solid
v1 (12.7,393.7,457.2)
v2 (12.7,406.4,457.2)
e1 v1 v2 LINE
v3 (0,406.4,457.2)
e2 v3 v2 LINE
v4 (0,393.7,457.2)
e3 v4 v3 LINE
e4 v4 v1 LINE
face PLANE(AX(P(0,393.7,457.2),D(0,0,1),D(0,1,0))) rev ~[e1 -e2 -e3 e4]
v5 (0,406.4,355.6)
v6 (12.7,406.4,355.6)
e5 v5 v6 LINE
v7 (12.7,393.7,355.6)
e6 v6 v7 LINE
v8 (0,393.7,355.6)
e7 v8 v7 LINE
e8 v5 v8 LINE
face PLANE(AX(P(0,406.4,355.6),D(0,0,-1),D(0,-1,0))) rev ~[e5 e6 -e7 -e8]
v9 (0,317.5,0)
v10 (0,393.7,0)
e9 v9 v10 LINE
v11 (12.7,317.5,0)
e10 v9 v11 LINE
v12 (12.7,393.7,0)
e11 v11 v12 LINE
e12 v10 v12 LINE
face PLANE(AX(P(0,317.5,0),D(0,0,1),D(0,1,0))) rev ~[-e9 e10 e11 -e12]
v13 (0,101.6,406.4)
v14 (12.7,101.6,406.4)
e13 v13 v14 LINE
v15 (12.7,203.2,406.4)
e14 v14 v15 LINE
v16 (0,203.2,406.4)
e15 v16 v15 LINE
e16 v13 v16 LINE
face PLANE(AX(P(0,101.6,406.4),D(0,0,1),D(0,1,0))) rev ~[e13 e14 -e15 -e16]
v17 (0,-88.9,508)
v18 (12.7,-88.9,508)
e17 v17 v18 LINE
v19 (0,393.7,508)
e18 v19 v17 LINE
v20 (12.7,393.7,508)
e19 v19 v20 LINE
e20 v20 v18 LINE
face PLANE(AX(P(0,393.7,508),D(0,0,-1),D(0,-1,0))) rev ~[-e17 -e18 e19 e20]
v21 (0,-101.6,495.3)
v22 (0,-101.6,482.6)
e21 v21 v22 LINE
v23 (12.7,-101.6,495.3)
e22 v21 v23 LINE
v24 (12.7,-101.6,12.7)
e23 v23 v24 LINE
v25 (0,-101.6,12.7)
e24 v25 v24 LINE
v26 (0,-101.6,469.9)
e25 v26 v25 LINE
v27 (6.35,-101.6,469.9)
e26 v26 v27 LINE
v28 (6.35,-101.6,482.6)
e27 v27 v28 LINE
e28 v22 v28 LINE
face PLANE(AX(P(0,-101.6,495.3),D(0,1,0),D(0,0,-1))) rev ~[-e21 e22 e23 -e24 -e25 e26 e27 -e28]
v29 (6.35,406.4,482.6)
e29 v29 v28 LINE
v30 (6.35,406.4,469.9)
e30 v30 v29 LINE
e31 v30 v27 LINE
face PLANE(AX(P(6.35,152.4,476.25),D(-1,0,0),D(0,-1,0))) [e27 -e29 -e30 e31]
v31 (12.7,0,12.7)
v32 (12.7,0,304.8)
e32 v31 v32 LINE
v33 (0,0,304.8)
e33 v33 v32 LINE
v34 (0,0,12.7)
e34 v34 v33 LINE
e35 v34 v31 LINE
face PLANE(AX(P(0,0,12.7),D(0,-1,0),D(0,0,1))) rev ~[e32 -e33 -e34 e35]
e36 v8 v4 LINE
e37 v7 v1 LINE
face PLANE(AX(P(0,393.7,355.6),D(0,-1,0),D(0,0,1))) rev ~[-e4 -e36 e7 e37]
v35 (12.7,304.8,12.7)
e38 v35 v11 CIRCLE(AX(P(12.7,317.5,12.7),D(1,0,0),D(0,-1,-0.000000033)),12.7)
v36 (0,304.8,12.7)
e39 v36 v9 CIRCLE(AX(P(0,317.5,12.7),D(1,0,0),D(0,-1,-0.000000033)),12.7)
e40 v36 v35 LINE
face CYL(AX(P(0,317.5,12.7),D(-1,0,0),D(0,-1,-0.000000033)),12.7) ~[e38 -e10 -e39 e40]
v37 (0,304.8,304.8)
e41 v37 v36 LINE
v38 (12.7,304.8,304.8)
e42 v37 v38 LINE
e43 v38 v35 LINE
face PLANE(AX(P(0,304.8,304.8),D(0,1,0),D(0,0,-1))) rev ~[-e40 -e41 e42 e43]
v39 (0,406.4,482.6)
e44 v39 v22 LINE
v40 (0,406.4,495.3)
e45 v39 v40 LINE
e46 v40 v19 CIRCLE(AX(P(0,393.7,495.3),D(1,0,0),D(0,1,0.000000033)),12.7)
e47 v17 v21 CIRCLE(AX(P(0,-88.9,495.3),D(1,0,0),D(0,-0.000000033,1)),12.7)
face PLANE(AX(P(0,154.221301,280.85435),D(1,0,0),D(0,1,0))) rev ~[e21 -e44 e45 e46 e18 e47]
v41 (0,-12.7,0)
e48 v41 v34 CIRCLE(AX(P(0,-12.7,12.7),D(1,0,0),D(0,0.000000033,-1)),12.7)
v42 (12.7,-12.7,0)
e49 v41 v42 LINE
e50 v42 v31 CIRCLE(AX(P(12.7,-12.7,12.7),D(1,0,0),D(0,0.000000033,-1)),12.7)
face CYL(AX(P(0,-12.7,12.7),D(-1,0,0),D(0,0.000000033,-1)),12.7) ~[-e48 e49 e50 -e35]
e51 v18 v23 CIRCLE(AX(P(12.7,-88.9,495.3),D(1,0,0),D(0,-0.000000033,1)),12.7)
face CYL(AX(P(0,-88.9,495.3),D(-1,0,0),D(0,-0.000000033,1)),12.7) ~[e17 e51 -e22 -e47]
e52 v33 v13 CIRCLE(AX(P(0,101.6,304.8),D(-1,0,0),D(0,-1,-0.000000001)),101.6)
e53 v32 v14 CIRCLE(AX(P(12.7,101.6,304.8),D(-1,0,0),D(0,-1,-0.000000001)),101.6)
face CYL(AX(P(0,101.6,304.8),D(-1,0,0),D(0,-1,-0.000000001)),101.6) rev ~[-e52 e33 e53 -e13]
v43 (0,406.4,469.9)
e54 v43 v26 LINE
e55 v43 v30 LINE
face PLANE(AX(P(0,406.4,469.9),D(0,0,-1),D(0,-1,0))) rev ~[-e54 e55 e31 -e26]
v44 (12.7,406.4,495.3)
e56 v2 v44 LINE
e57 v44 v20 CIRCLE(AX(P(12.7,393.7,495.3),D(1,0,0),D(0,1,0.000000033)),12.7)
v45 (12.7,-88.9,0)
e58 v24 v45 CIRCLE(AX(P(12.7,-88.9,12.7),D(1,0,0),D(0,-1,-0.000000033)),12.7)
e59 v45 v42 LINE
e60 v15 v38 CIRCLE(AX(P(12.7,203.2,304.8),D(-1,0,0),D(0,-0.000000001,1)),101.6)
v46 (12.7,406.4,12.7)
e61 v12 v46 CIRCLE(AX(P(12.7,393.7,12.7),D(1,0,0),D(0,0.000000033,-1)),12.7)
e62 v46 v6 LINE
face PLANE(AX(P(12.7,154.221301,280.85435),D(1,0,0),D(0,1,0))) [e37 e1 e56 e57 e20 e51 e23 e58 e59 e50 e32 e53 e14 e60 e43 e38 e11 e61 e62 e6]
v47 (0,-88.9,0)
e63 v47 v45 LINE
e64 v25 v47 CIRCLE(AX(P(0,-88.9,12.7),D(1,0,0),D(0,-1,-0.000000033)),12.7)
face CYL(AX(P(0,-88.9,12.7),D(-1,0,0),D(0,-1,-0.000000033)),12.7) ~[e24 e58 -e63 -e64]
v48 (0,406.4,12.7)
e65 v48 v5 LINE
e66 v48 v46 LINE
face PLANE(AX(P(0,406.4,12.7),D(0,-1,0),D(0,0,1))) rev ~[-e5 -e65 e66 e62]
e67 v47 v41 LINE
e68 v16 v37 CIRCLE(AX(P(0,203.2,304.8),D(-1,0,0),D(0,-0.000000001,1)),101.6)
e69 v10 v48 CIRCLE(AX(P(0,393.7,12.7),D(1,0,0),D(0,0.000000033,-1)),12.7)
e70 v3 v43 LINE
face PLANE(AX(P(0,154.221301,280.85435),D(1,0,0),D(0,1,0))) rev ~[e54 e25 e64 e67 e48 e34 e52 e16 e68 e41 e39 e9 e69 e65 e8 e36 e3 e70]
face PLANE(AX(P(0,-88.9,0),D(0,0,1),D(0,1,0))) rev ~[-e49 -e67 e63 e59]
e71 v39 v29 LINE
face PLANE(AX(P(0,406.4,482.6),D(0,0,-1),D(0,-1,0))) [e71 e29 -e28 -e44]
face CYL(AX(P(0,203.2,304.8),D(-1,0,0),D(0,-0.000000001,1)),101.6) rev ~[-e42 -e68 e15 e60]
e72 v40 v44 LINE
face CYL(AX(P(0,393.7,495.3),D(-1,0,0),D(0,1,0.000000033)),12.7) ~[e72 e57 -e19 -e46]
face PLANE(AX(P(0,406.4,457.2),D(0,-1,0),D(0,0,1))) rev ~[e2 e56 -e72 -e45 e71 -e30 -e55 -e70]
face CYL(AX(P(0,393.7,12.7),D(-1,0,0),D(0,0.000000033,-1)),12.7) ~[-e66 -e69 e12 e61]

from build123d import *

# Parameters (mm, degrees)
F1_DEPTH = 12.7
F2_W     = 508
F2_H     = 12.7
F3_DEPTH = 6.35


with BuildPart() as f1:
    # F0 (on Right) → F1 (new body)
    with BuildSketch(Plane.YZ):
        with BuildLine():
            ThreePointArc((-101.6, 12.7), (-97.880256, 3.719744), (-88.9, 0))
            Line((-88.9, 0), (-12.7, 0))
            ThreePointArc((-12.7, 0), (-3.719744, 3.719744), (0, 12.7))
            Line((0, 12.7), (0, 304.8))
            ThreePointArc((0, 304.8), (29.757951, 376.642049), (101.6, 406.4))
            Line((101.6, 406.4), (203.2, 406.4))
            ThreePointArc((203.2, 406.4), (275.042049, 376.642049), (304.8, 304.8))
            Line((304.8, 304.8), (304.8, 12.7))
            ThreePointArc((304.8, 12.7), (308.519744, 3.719744), (317.5, 0))
            Line((317.5, 0), (393.7, 0))
            ThreePointArc((393.7, 0), (402.680256, 3.719744), (406.4, 12.7))
            Line((406.4, 12.7), (406.4, 355.6))
            Line((406.4, 355.6), (393.7, 355.6))
            Line((393.7, 355.6), (393.7, 457.2))
            Line((393.7, 457.2), (406.4, 457.2))
            Line((406.4, 457.2), (406.4, 495.3))
            ThreePointArc((406.4, 495.3), (402.680256, 504.280256), (393.7, 508))
            Line((393.7, 508), (-88.9, 508))
            ThreePointArc((-88.9, 508), (-97.880256, 504.280256), (-101.6, 495.3))
            Line((-101.6, 495.3), (-101.6, 12.7))
        make_face()
    extrude(amount=F1_DEPTH)

    # F2 (on face) → F3 (cut)
    with BuildSketch(Plane(origin=(0, 0, 0), x_dir=(0, -1, 0), z_dir=(-1, 0, 0))):
        with Locations((-152.4, 476.25)):
            Rectangle(F2_W, F2_H)
    extrude(amount=-F3_DEPTH, mode=Mode.SUBTRACT)


solid = f1.part
